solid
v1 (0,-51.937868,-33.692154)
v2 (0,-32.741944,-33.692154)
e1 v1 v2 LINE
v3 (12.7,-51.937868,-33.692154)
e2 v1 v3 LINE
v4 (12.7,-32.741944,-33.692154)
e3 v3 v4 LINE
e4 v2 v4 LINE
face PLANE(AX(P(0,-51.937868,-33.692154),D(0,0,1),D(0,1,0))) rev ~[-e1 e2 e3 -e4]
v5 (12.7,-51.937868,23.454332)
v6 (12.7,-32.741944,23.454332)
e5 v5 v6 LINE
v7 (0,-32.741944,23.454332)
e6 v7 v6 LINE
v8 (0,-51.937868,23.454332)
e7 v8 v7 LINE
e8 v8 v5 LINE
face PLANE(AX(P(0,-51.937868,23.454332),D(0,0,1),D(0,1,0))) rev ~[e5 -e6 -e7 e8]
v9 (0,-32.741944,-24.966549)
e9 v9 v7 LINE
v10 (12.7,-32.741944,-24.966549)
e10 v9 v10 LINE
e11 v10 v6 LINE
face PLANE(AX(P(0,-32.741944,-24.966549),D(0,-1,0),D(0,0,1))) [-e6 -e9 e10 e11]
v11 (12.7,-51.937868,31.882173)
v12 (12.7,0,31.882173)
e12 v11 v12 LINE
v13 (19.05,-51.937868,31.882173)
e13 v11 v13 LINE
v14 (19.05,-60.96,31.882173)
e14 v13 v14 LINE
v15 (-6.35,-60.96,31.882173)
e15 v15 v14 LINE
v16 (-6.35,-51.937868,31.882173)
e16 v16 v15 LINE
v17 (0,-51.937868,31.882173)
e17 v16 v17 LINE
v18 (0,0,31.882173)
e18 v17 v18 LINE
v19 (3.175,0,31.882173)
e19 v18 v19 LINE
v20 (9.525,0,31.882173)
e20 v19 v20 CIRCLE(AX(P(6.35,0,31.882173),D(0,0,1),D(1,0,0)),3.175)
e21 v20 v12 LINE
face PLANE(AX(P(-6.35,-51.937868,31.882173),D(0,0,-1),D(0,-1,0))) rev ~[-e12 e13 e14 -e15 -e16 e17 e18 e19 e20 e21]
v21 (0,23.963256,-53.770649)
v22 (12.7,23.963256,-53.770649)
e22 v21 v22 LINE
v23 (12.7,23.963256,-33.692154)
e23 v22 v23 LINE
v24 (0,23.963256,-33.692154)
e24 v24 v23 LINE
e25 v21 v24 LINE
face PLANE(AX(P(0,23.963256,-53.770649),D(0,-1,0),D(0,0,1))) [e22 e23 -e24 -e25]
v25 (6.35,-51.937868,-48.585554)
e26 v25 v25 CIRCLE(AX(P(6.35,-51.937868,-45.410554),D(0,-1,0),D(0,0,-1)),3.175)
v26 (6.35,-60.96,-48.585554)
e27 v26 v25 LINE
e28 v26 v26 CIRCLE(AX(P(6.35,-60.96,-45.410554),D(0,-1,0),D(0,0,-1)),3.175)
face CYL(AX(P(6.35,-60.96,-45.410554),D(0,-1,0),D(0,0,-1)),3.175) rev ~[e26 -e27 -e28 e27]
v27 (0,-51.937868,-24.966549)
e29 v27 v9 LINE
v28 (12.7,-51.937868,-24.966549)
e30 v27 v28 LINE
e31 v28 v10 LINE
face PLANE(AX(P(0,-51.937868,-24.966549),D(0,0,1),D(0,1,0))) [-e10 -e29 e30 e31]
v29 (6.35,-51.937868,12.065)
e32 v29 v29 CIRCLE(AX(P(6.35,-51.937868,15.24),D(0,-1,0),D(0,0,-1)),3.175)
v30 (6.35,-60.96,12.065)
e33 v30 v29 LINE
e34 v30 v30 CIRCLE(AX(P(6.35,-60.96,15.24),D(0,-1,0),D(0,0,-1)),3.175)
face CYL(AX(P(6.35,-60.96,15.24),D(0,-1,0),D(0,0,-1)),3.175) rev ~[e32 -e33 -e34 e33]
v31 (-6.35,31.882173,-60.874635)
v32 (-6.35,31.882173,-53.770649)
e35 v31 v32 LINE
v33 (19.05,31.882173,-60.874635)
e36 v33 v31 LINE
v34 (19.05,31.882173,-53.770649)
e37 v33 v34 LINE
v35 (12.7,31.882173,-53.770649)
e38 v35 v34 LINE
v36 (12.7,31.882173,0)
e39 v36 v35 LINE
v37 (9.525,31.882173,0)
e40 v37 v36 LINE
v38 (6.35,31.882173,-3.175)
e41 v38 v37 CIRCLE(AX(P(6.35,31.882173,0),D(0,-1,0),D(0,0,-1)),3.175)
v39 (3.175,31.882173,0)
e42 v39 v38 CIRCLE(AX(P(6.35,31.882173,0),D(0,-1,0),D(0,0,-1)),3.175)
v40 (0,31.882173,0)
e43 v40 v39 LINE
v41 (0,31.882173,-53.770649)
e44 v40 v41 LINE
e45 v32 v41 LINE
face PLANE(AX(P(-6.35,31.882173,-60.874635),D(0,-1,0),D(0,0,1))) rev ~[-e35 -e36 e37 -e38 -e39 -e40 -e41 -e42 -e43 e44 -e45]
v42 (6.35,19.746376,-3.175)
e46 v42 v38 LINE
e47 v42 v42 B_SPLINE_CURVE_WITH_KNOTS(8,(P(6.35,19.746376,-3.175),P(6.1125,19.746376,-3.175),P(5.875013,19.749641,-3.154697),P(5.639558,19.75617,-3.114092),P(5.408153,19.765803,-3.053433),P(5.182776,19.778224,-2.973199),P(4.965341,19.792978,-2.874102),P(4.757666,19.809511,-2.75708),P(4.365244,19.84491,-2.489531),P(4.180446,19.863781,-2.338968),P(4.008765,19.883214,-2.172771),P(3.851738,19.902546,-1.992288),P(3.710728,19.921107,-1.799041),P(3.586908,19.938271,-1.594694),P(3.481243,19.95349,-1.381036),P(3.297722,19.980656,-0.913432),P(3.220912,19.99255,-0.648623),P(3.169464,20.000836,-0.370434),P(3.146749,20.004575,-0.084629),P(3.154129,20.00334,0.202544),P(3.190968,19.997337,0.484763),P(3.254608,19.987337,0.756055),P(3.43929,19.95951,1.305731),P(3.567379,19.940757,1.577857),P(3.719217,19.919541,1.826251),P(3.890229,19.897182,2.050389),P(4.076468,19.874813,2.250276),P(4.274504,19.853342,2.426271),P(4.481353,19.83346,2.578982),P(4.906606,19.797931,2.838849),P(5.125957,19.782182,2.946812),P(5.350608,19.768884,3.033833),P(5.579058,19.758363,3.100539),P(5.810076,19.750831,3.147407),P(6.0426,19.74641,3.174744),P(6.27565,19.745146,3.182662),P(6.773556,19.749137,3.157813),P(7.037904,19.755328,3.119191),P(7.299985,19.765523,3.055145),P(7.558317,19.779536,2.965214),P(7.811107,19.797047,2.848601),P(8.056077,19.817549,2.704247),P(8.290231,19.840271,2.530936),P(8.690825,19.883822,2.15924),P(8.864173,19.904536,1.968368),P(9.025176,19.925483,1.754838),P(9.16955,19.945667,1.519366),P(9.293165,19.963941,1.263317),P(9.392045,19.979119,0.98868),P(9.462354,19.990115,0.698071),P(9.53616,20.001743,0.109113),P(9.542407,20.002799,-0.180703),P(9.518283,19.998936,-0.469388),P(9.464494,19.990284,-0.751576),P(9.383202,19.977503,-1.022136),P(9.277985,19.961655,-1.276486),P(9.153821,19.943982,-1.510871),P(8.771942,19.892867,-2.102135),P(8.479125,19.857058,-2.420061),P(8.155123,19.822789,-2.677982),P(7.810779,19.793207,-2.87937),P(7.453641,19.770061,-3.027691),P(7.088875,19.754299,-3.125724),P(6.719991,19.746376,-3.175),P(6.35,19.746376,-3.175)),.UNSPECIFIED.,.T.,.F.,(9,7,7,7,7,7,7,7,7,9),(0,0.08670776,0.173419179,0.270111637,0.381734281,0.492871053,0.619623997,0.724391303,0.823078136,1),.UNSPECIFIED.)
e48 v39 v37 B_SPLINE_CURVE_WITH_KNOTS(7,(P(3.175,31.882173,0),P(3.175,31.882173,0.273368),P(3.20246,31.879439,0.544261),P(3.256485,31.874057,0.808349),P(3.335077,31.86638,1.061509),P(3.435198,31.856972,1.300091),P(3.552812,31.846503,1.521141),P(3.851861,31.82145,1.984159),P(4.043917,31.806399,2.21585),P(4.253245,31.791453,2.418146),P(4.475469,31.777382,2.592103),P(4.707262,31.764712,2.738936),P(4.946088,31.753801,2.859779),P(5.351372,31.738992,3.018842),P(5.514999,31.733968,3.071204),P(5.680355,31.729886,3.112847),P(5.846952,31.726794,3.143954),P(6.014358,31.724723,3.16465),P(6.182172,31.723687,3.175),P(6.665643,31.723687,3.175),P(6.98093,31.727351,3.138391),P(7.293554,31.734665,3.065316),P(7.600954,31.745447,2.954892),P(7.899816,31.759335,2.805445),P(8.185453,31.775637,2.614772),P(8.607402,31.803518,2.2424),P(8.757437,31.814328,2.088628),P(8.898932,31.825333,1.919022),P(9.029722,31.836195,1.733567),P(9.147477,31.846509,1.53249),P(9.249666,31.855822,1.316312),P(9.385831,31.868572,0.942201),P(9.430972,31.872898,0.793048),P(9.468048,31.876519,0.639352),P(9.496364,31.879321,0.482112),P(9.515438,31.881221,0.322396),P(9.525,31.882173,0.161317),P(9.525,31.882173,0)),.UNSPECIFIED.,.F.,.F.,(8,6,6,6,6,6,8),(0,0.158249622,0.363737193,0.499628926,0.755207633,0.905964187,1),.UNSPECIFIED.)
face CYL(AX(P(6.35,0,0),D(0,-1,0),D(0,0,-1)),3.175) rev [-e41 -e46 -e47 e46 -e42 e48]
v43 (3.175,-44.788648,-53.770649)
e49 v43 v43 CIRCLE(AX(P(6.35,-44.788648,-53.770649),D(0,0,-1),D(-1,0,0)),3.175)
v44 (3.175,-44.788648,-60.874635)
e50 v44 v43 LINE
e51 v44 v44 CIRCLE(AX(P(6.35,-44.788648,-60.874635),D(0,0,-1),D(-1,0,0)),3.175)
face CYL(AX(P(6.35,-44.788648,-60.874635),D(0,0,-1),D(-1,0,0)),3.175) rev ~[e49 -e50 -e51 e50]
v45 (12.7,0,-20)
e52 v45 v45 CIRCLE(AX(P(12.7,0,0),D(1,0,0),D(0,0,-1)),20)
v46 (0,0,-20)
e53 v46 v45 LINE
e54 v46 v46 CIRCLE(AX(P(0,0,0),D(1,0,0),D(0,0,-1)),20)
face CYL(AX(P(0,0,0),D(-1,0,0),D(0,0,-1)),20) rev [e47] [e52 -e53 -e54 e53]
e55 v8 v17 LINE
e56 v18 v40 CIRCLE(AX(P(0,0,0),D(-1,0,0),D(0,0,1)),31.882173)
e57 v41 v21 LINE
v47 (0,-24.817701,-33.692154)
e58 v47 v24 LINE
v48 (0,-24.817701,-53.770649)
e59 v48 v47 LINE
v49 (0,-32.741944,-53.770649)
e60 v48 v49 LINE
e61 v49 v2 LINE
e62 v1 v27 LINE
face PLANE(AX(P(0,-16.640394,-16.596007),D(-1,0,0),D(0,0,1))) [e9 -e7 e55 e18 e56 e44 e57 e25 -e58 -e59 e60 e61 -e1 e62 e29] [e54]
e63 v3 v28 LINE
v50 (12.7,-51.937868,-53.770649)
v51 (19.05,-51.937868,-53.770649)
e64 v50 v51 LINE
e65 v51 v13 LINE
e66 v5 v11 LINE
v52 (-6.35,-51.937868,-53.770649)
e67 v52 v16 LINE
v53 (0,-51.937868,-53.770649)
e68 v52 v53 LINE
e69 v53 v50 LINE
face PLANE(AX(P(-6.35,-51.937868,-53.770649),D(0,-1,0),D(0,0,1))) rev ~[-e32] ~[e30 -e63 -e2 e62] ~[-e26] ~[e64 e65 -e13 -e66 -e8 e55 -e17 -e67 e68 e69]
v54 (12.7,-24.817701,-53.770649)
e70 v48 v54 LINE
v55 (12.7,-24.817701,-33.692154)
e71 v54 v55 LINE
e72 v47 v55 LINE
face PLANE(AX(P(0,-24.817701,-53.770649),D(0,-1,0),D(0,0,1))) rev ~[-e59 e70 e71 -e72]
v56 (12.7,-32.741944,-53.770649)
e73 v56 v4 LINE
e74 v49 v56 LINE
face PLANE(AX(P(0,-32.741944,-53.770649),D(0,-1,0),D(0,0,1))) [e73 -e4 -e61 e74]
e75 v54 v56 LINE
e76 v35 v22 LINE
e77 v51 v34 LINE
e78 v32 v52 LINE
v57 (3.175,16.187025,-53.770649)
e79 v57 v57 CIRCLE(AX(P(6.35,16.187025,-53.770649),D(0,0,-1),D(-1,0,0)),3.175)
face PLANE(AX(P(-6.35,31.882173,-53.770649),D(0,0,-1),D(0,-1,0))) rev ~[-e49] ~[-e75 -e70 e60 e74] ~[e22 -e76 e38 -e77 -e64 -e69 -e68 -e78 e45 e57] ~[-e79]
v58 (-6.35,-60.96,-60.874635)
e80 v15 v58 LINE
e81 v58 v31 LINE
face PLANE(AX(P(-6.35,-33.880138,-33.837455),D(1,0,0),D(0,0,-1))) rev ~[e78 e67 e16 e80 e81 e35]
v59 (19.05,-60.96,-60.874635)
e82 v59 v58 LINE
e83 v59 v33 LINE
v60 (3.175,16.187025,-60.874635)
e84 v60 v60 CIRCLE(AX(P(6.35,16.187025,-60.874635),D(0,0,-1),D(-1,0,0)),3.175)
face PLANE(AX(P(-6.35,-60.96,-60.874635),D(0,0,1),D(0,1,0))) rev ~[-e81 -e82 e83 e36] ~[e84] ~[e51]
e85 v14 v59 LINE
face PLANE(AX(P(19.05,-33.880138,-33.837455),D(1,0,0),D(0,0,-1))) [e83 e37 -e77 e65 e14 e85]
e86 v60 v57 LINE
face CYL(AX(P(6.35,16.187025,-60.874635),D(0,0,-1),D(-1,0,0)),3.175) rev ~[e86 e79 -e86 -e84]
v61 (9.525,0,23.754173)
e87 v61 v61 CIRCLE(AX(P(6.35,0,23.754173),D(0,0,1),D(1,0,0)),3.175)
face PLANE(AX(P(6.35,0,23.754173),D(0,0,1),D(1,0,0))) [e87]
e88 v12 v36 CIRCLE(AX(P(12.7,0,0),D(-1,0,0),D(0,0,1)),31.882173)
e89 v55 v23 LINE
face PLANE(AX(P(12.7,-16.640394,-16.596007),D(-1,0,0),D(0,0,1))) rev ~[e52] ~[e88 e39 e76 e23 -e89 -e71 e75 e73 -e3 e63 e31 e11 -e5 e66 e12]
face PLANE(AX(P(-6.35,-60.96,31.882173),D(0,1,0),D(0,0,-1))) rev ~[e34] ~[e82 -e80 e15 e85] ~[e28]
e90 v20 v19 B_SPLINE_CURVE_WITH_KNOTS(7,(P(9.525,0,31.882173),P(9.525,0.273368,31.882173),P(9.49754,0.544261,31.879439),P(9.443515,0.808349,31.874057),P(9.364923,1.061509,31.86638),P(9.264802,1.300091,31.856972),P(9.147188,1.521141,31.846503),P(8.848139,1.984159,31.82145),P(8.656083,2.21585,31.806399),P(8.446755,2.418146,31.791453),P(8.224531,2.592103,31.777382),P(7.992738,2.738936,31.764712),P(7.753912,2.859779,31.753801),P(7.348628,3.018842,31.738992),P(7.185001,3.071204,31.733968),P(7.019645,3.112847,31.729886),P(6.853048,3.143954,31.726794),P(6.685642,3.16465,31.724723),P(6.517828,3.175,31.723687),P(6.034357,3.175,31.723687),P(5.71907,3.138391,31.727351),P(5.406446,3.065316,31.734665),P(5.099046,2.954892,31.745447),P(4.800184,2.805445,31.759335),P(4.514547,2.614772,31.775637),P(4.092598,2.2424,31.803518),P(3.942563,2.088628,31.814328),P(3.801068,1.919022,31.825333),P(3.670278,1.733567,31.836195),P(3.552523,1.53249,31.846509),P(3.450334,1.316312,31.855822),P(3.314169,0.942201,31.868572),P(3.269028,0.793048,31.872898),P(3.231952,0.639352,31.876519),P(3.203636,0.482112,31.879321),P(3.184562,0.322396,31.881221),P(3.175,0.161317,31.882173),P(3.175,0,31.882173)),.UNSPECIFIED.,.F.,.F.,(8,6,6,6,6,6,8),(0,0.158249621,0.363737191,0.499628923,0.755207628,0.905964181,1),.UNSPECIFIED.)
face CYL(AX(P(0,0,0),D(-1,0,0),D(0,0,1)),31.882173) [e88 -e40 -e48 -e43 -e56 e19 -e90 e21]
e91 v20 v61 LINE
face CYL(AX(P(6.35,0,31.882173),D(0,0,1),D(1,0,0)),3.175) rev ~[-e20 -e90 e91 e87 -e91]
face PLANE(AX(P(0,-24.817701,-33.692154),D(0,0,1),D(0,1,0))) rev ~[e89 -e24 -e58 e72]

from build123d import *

# Parameters (mm, degrees)
SKETCH1_R                = 20
BOSS_EXTRUDE1_DEPTH      = 12.7
BOSS_EXTRUDE2_DEPTH      = 6.35
BOSS_EXTRUDE2_DEPTH_BACK = 19.05
SKETCH2_R                = 3.175
CUT_EXTRUDE1_DEPTH       = 89.231203407
SKETCH10_R               = 3.175
CUT_EXTRUDE6_DEPTH       = 8.128
SKETCH4_W                = 20.078494948
SKETCH4_H                = 48.78095735
SKETCH4_W_2              = 48.420880553
SKETCH4_H_2              = 19.195923741
CUT_EXTRUDE2_DEPTH       = 26.162
SKETCH5_R                = 3.175
CUT_EXTRUDE3_DEPTH       = 11.43
SKETCH6_R                = 3.175
CUT_EXTRUDE4_DEPTH       = 11.43


with BuildPart() as part:
    # Sketch1 → Boss-Extrude1 (new body)
    with BuildSketch(Plane(origin=(0, 0, 0), x_dir=(0, 0, -1), z_dir=(1, 0, 0))):
        with BuildLine():
            Line((0, 31.882172919), (31.882172919, 31.882172919))
            Line((31.882172919, 31.882172919), (60.87463474, 31.882172919))
            Line((60.87463474, 31.882172919), (60.87463474, -60.96))
            Line((60.87463474, -60.96), (-31.882172919, -60.96))
            Line((-31.882172919, -60.96), (-31.882172919, 0))
            ThreePointArc((-31.882172919, 0), (-22.54410067, 22.54410067), (0, 31.882172919))
        make_face()
        Circle(SKETCH1_R, mode=Mode.SUBTRACT)
    extrude(amount=BOSS_EXTRUDE1_DEPTH)

    # Sketch8 → Boss-Extrude2 (add, two sides: drawn at the far end of the back side and taken through both)
    with BuildSketch(Plane(origin=(12.7, 0, 0), x_dir=(0, 0, -1), z_dir=(1, 0, 0)).offset(-BOSS_EXTRUDE2_DEPTH_BACK)):
        Polygon((60.87463474, 31.882172919), (53.770648903, 31.882172919), (53.770648903, -51.937867719), (-31.882172919, -51.937867719), (-31.882172919, -60.96), (53.770648903, -60.96), (60.87463474, -60.96), align=None)
    extrude(amount=BOSS_EXTRUDE2_DEPTH + BOSS_EXTRUDE2_DEPTH_BACK)

    # Sketch2 → Cut-Extrude1 (cut, through all)
    with BuildSketch(Plane(origin=(0, 0, 0), x_dir=(1, 0, 0), z_dir=(0, 1, 0))):
        with Locations((6.35, 0)):
            Circle(SKETCH2_R)
    extrude(amount=CUT_EXTRUDE1_DEPTH, mode=Mode.SUBTRACT)

    # Sketch10 → Cut-Extrude6 (cut)
    with BuildSketch(Plane.XY.offset(31.882172919)):
        with Locations((6.35, 0)):
            Circle(SKETCH10_R)
    extrude(amount=-CUT_EXTRUDE6_DEPTH, mode=Mode.SUBTRACT)

    # Sketch4 → Cut-Extrude2 (cut)
    with BuildSketch(Plane.ZY):
        with Locations((-43.731401429, -0.427222634)):
            Rectangle(SKETCH4_W, SKETCH4_H)
        with Locations((-0.75610861, -42.339905849)):
            Rectangle(SKETCH4_W_2, SKETCH4_H_2)
        with Locations((-43.731401429, -42.339905849)):
            Rectangle(SKETCH4_W, SKETCH4_H_2)
    extrude(amount=-CUT_EXTRUDE2_DEPTH, mode=Mode.SUBTRACT)

    # Sketch5 → Cut-Extrude3 (cut)
    with BuildSketch(Plane(origin=(0, 0, -60.87463474), x_dir=(-1, 0, 0), z_dir=(0, 0, -1))):
        with Locations((-6.35, 16.187024645)):
            Circle(SKETCH5_R)
        with Locations((-6.35, -44.788648077)):
            Circle(SKETCH5_R)
    extrude(amount=-CUT_EXTRUDE3_DEPTH, mode=Mode.SUBTRACT)

    # Sketch6 → Cut-Extrude4 (cut)
    with BuildSketch(Plane.XZ.offset(60.96)):
        with Locations((6.35, 15.24)):
            Circle(SKETCH6_R)
        with Locations((6.35, -45.41055385)):
            Circle(SKETCH6_R)
    extrude(amount=-CUT_EXTRUDE4_DEPTH, mode=Mode.SUBTRACT)


solid = part.part
